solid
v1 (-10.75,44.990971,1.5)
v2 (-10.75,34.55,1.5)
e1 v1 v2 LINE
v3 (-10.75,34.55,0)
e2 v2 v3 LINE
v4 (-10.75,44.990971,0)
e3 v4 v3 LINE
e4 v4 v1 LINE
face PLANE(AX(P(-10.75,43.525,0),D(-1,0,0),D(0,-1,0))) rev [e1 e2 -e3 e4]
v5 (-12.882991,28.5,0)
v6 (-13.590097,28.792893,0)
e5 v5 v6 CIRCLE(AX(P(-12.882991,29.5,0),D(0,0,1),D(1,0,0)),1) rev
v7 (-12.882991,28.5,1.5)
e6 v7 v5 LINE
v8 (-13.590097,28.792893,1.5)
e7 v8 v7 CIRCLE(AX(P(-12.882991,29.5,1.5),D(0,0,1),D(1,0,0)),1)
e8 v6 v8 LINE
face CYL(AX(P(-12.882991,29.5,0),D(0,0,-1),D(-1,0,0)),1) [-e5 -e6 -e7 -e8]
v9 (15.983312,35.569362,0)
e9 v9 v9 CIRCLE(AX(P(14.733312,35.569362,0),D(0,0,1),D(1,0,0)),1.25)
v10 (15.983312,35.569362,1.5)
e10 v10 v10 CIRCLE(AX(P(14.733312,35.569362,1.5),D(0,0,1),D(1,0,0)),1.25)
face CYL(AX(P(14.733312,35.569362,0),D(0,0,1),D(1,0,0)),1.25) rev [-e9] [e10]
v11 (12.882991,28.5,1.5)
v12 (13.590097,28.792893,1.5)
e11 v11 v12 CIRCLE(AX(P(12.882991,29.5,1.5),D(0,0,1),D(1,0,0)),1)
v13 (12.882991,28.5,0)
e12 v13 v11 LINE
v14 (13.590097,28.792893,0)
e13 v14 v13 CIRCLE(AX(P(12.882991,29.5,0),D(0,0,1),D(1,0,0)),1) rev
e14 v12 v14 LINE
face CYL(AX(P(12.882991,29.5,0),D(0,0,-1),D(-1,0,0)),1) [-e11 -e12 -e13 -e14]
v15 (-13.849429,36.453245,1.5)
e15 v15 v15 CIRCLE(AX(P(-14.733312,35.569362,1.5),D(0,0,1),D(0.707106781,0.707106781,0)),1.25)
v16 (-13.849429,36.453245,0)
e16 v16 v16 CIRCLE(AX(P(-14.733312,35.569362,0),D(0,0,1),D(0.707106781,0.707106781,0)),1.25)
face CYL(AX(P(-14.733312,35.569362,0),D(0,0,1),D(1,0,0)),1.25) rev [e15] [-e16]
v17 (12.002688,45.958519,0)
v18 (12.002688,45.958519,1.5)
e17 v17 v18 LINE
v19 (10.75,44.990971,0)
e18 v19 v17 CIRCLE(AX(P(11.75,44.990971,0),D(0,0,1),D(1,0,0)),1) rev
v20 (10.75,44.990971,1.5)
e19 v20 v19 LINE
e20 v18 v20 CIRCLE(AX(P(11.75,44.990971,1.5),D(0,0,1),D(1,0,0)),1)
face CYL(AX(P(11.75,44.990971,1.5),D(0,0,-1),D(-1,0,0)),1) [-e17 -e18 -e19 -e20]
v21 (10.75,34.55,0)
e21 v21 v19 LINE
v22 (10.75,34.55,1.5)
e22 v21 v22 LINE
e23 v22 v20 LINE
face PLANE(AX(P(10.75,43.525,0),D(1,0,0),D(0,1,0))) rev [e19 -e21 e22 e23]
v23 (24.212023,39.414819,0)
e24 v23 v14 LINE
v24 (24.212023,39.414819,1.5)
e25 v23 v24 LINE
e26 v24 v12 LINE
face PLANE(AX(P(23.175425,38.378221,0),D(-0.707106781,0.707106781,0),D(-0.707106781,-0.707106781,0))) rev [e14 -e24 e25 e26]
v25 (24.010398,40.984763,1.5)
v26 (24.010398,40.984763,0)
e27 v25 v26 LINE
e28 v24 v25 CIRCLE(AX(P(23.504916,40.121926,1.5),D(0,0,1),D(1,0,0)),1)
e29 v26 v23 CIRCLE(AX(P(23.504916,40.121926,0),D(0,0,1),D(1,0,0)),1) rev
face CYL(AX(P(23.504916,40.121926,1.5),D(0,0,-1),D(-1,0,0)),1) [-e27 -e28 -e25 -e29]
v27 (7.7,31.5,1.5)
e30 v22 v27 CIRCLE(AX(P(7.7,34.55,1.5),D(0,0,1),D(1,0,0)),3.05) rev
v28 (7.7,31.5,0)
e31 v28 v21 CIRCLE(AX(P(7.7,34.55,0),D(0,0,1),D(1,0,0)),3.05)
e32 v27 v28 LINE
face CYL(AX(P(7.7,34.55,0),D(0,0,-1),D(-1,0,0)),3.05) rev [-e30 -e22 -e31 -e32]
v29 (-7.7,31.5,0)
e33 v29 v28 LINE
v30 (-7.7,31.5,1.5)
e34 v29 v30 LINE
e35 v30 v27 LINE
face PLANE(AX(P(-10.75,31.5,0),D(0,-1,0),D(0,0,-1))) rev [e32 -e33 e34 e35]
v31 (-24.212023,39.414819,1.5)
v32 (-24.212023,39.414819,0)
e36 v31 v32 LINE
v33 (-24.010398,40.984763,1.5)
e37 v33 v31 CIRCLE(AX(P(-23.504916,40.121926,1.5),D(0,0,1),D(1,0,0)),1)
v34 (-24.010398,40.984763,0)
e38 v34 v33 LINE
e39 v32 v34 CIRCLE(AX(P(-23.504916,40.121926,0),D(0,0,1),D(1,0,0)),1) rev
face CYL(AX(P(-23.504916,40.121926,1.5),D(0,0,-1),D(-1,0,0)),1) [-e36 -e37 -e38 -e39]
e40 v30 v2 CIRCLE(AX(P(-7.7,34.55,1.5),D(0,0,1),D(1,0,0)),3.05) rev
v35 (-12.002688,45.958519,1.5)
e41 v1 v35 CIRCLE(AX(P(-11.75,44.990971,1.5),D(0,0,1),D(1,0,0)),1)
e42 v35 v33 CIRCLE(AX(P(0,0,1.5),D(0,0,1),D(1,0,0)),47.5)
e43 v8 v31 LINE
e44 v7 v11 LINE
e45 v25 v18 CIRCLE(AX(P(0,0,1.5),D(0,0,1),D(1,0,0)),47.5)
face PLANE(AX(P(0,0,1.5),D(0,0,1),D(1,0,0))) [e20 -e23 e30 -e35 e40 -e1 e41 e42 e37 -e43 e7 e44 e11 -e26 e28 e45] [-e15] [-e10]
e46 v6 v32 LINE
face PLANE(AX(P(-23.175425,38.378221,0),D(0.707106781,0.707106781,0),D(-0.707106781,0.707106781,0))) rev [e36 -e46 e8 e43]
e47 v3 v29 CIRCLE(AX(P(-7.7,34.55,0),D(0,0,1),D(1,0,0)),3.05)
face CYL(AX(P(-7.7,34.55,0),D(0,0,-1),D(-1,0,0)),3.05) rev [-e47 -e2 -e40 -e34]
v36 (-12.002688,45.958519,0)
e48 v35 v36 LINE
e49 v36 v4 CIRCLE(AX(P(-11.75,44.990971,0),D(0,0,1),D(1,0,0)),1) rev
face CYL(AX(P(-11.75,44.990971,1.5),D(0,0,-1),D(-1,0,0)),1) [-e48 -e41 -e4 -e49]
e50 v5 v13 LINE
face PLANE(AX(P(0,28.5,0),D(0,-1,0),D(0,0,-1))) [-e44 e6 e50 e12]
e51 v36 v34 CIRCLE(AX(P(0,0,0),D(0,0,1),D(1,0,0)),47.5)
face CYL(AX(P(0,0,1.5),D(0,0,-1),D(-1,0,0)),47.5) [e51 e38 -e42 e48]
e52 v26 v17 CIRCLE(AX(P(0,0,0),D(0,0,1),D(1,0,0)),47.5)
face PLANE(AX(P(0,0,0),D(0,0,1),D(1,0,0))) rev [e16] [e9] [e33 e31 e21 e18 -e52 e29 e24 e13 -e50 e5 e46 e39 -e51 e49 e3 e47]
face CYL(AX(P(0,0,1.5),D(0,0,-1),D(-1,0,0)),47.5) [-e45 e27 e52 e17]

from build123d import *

# Parameters (mm, degrees)
SKETCH_1_R                       = 47.5
EXTRUDE_1_DEPTH                  = 1.5
CUT_EXTRUDE_1_DEPTH              = 68.191889392
CUT_EXTRUDE_2_DEPTH              = 68.191889392
CUT_EXTRUDE_2_DEPTH_BACK         = 68.191889392
SKETCH_3_R                       = 3.1
SKETCH_3_R_2                     = 1.6
SKETCH_4_R                       = 1.25
CUT_EXTRUDE_3_DEPTH              = 68.191889392
CUT_EXTRUDE_4_DEPTH              = 68.191889392
FILLET_1_R                       = 1
FILLET_2_R                       = 0.2
FILLET_3_R                       = 3.05
PATTERN_CIRCULAR_1_COUNT         = 8
FILLET_1_OF_PATTERN_CIRCULAR_1_R = 1
FILLET_2_OF_PATTERN_CIRCULAR_1_R = 0.2
FILLET_3_OF_PATTERN_CIRCULAR_1_R = 3.05
CUT_EXTRUDE_5_DEPTH              = 66.05834985
EXTRUDE_START                    = -1.5
EXTRUDE_2_DEPTH                  = 1.5
FILLET_4_R                       = 1


with BuildPart() as part:
    # ｽｹｯﾁ1 → ﾎﾞｽ - 押し出し1 (new body)
    with BuildSketch(Plane.XY):
        Circle(SKETCH_1_R)
    extrude(amount=EXTRUDE_1_DEPTH)

    # ｽｹｯﾁ2 → ｶｯﾄ - 押し出し1 (cut, through all)
    with BuildSketch(Plane.XY.offset(1.5)):
        Polygon((-10.75, 43.525), (-10.75, 52.5), (10.75, 52.5), (10.75, 43.525), (13, 43.525), (13, 40.475), (10.75, 40.475), (10.75, 31.5), (-10.75, 31.5), (-10.75, 40.475), (-13, 40.475), (-13, 43.525), align=None)
    cut_extrude_1 = extrude(amount=-CUT_EXTRUDE_1_DEPTH, mode=Mode.SUBTRACT)

    # ｽｹｯﾁ3 → ｶｯﾄ - 押し出し2 (cut, two sides: drawn at the far end of the back side and taken through both)
    with BuildSketch(Plane.XY.offset(1.5).offset(-CUT_EXTRUDE_2_DEPTH_BACK)):
        Circle(SKETCH_3_R)
        with Locations((0, 6.5)):
            Circle(SKETCH_3_R_2)
        with Locations((6.5, 0)):
            Circle(SKETCH_3_R_2)
        with Locations((0, -6.5)):
            Circle(SKETCH_3_R_2)
        with Locations((-6.5, 0)):
            Circle(SKETCH_3_R_2)
        with Locations((8.838834765, 8.838834765)):
            Circle(SKETCH_3_R_2)
        with Locations((8.838834765, -8.838834765)):
            Circle(SKETCH_3_R_2)
        with Locations((-8.838834765, -8.838834765)):
            Circle(SKETCH_3_R_2)
        with Locations((-8.838834765, 8.838834765)):
            Circle(SKETCH_3_R_2)
    extrude(amount=CUT_EXTRUDE_2_DEPTH + CUT_EXTRUDE_2_DEPTH_BACK, mode=Mode.SUBTRACT)

    # ｽｹｯﾁ4 → ｶｯﾄ - 押し出し3 (cut, through all)
    with BuildSketch(Plane.XY.offset(1.5)):
        with Locations((14.733312146, 35.569362002)):
            Circle(SKETCH_4_R)
        with Locations((8.610377228, 20.787289482)):
            Circle(SKETCH_4_R)
    cut_extrude_3 = extrude(amount=-CUT_EXTRUDE_3_DEPTH, mode=Mode.SUBTRACT)

    # ｽｹｯﾁ5 → ｶｯﾄ - 押し出し4 (cut, symmetric)
    with BuildSketch(Plane.XY.offset(1.5)):
        Polygon((-7.188286702, 26.5), (7.188286702, 26.5), (3.328075632, 17.180626082), (-3.328075632, 17.180626082), align=None)
    cut_extrude_4 = extrude(amount=CUT_EXTRUDE_4_DEPTH, both=True, mode=Mode.SUBTRACT)

    # ﾌｨﾚｯﾄ1
    fillet_1_edges = [part.edges().sort_by_distance(p)[0] for p in [
        (-3.328075632, 17.180626082, 0.75),
        (3.328075632, 17.180626082, 0.75),
        (7.188286702, 26.5, 0.75),
        (-7.188286702, 26.5, 0.75),
        (10.75, 46.267564232, 0.75),
        (-10.75, 46.267564232, 0.75),
    ]]
    fillet(fillet_1_edges, radius=FILLET_1_R)

    # ﾌｨﾚｯﾄ2
    fillet_2_edges = [part.edges().sort_by_distance(p)[0] for p in [
        (13, 43.525, 0.75),
        (13, 40.475, 0.75),
        (-13, 43.525, 0.75),
        (-13, 40.475, 0.75),
    ]]
    fillet(fillet_2_edges, radius=FILLET_2_R)

    # ﾌｨﾚｯﾄ3
    fillet_3_edges = [part.edges().sort_by_distance(p)[0] for p in [
        (10.75, 31.5, 0.75),
        (-10.75, 31.5, 0.75),
    ]]
    fillet(fillet_3_edges, radius=FILLET_3_R)

    # 円形ﾊﾟﾀｰﾝ1: ｶｯﾄ - 押し出し1, ｶｯﾄ - 押し出し3, ｶｯﾄ - 押し出し4 ×8 about axis
    pattern_circular_1_axis = Axis((0, 0, 0), (0, 0, 1))
    add([cut_extrude_1.rotate(pattern_circular_1_axis, i * 360 / PATTERN_CIRCULAR_1_COUNT) for i in range(1, PATTERN_CIRCULAR_1_COUNT)], mode=Mode.SUBTRACT)
    add([cut_extrude_3.rotate(pattern_circular_1_axis, i * 360 / PATTERN_CIRCULAR_1_COUNT) for i in range(1, PATTERN_CIRCULAR_1_COUNT)], mode=Mode.SUBTRACT)
    add([cut_extrude_4.rotate(pattern_circular_1_axis, i * 360 / PATTERN_CIRCULAR_1_COUNT) for i in range(1, PATTERN_CIRCULAR_1_COUNT)], mode=Mode.SUBTRACT)

    # ﾌｨﾚｯﾄ1 of 円形ﾊﾟﾀｰﾝ1
    fillet_1_of_pattern_circular_1_edges = [part.edges().sort_by_distance(p)[0] for p in [
        (-14.501842056, 9.79523236, 0.75),
        (-9.79523236, 14.501842056, 0.75),
        (-13.655443429, 23.821215973, 0.75),
        (-23.821215973, 13.655443429, 0.75),
        (-25.11471052, 40.317506315, 0.75),
        (-40.317506315, 25.11471052, 0.75),
        (-17.180626082, -3.328075632, 0.75),
        (-17.180626082, 3.328075632, 0.75),
        (-26.5, 7.188286702, 0.75),
        (-26.5, -7.188286702, 0.75),
        (-46.267564232, 10.75, 0.75),
        (-46.267564232, -10.75, 0.75),
        (-9.79523236, -14.501842056, 0.75),
        (-14.501842056, -9.79523236, 0.75),
        (-23.821215973, -13.655443429, 0.75),
        (-13.655443429, -23.821215973, 0.75),
        (-40.317506315, -25.11471052, 0.75),
        (-25.11471052, -40.317506315, 0.75),
        (3.328075632, -17.180626082, 0.75),
        (-3.328075632, -17.180626082, 0.75),
        (-7.188286702, -26.5, 0.75),
        (7.188286702, -26.5, 0.75),
        (-10.75, -46.267564232, 0.75),
        (10.75, -46.267564232, 0.75),
        (14.501842056, -9.79523236, 0.75),
        (9.79523236, -14.501842056, 0.75),
        (13.655443429, -23.821215973, 0.75),
        (23.821215973, -13.655443429, 0.75),
        (25.11471052, -40.317506315, 0.75),
        (40.317506315, -25.11471052, 0.75),
        (17.180626082, 3.328075632, 0.75),
        (17.180626082, -3.328075632, 0.75),
        (26.5, -7.188286702, 0.75),
        (26.5, 7.188286702, 0.75),
        (46.267564232, -10.75, 0.75),
        (46.267564232, 10.75, 0.75),
        (9.79523236, 14.501842056, 0.75),
        (14.501842056, 9.79523236, 0.75),
        (23.821215973, 13.655443429, 0.75),
        (13.655443429, 23.821215973, 0.75),
        (40.317506315, 25.11471052, 0.75),
        (25.11471052, 40.317506315, 0.75),
    ]]
    fillet(fillet_1_of_pattern_circular_1_edges, radius=FILLET_1_OF_PATTERN_CIRCULAR_1_R)

    # ﾌｨﾚｯﾄ2 of 円形ﾊﾟﾀｰﾝ1
    fillet_2_of_pattern_circular_1_edges = [part.edges().sort_by_distance(p)[0] for p in [
        (-21.584434496, 39.969210807, 0.75),
        (-19.427758813, 37.812535124, 0.75),
        (-39.969210807, 21.584434496, 0.75),
        (-37.812535124, 19.427758813, 0.75),
        (-43.525, 13, 0.75),
        (-40.475, 13, 0.75),
        (-43.525, -13, 0.75),
        (-40.475, -13, 0.75),
        (-39.969210807, -21.584434496, 0.75),
        (-37.812535124, -19.427758813, 0.75),
        (-21.584434496, -39.969210807, 0.75),
        (-19.427758813, -37.812535124, 0.75),
        (-13, -43.525, 0.75),
        (-13, -40.475, 0.75),
        (13, -43.525, 0.75),
        (13, -40.475, 0.75),
        (21.584434496, -39.969210807, 0.75),
        (19.427758813, -37.812535124, 0.75),
        (39.969210807, -21.584434496, 0.75),
        (37.812535124, -19.427758813, 0.75),
        (43.525, -13, 0.75),
        (40.475, -13, 0.75),
        (43.525, 13, 0.75),
        (40.475, 13, 0.75),
        (39.969210807, 21.584434496, 0.75),
        (37.812535124, 19.427758813, 0.75),
        (21.584434496, 39.969210807, 0.75),
        (19.427758813, 37.812535124, 0.75),
    ]]
    fillet(fillet_2_of_pattern_circular_1_edges, radius=FILLET_2_OF_PATTERN_CIRCULAR_1_R)

    # ﾌｨﾚｯﾄ3 of 円形ﾊﾟﾀｰﾝ1
    fillet_3_of_pattern_circular_1_edges = [part.edges().sort_by_distance(p)[0] for p in [
        (-14.67246571, 29.875261505, 0.75),
        (-29.875261505, 14.67246571, 0.75),
        (-31.5, 10.75, 0.75),
        (-31.5, -10.75, 0.75),
        (-29.875261505, -14.67246571, 0.75),
        (-14.67246571, -29.875261505, 0.75),
        (-10.75, -31.5, 0.75),
        (10.75, -31.5, 0.75),
        (14.67246571, -29.875261505, 0.75),
        (29.875261505, -14.67246571, 0.75),
        (31.5, -10.75, 0.75),
        (31.5, 10.75, 0.75),
        (29.875261505, 14.67246571, 0.75),
        (14.67246571, 29.875261505, 0.75),
    ]]
    fillet(fillet_3_of_pattern_circular_1_edges, radius=FILLET_3_OF_PATTERN_CIRCULAR_1_R)

    # ｽｹｯﾁ6 → ｶｯﾄ - 押し出し5 (cut, through all)
    with BuildSketch(Plane.XY.offset(1.5)):
        with BuildLine():
            Line((13.297204204, 28.5), (7.7, 28.5))
            Line((7.7, 28.5), (-7.7, 28.5))
            Line((-7.7, 28.5), (-13.297204204, 28.5))
            Line((-13.297204204, 28.5), (-16.829141392, 32.031937188))
            ThreePointArc((-16.829141392, 32.031937188), (-15.935817075, 29.875261505), (-16.829141392, 27.718585823))
            Line((-16.829141392, 27.718585823), (-27.718585823, 16.829141392))
            ThreePointArc((-27.718585823, 16.829141392), (-29.875261505, 15.935817075), (-32.031937188, 16.829141392))
            Line((-32.031937188, 16.829141392), (-36.221544866, 21.018749071))
            Line((-36.221544866, 21.018749071), (-37.671113768, 19.569180169))
            ThreePointArc((-37.671113768, 19.569180169), (-37.812535124, 19.510601526), (-37.95395648, 19.569180169))
            Line((-37.95395648, 19.569180169), (-39.82778945, 21.443013139))
            ThreePointArc((-39.82778945, 21.443013139), (-39.886368094, 21.584434496), (-39.82778945, 21.725855852))
            Line((-39.82778945, 21.725855852), (-38.378220549, 23.175424753))
            Line((-38.378220549, 23.175424753), (-39.414818808, 24.212023012))
            ThreePointArc((-39.414818808, 24.212023012), (-40.249307357, 24.496769993), (-40.984762698, 24.010398301))
            ThreePointArc((-40.984762698, 24.010398301), (-43.884277794, 18.177463037), (-45.958519087, 12.002688172))
            ThreePointArc((-45.958519087, 12.002688172), (-45.78239035, 11.138725991), (-44.990971316, 10.75))
            Line((-44.990971316, 10.75), (-43.525, 10.75))
            Line((-43.525, 10.75), (-43.525, 12.8))
            ThreePointArc((-43.525, 12.8), (-43.466421356, 12.941421356), (-43.325, 13))
            Line((-43.325, 13), (-40.675, 13))
            ThreePointArc((-40.675, 13), (-40.533578644, 12.941421356), (-40.475, 12.8))
            Line((-40.475, 12.8), (-40.475, 10.75))
            Line((-40.475, 10.75), (-34.55, 10.75))
            ThreePointArc((-34.55, 10.75), (-32.393324317, 9.856675683), (-31.5, 7.7))
            Line((-31.5, 7.7), (-31.5, -7.7))
            ThreePointArc((-31.5, -7.7), (-32.393324317, -9.856675683), (-34.55, -10.75))
            Line((-34.55, -10.75), (-40.475, -10.75))
            Line((-40.475, -10.75), (-40.475, -12.8))
            ThreePointArc((-40.475, -12.8), (-40.533578644, -12.941421356), (-40.675, -13))
            Line((-40.675, -13), (-43.325, -13))
            ThreePointArc((-43.325, -13), (-43.466421356, -12.941421356), (-43.525, -12.8))
            Line((-43.525, -12.8), (-43.525, -10.75))
            Line((-43.525, -10.75), (-44.990971316, -10.75))
            ThreePointArc((-44.990971316, -10.75), (-45.78239035, -11.138725991), (-45.958519087, -12.002688172))
            ThreePointArc((-45.958519087, -12.002688172), (-43.884277794, -18.177463037), (-40.984762698, -24.010398301))
            ThreePointArc((-40.984762698, -24.010398301), (-40.249307357, -24.496769993), (-39.414818808, -24.212023012))
            Line((-39.414818808, -24.212023012), (-38.378220549, -23.175424753))
            Line((-38.378220549, -23.175424753), (-39.82778945, -21.725855852))
            ThreePointArc((-39.82778945, -21.725855852), (-39.886368094, -21.584434496), (-39.82778945, -21.443013139))
            Line((-39.82778945, -21.443013139), (-37.95395648, -19.569180169))
            ThreePointArc((-37.95395648, -19.569180169), (-37.812535124, -19.510601526), (-37.671113768, -19.569180169))
            Line((-37.671113768, -19.569180169), (-36.221544866, -21.018749071))
            Line((-36.221544866, -21.018749071), (-32.031937188, -16.829141392))
            ThreePointArc((-32.031937188, -16.829141392), (-29.875261505, -15.935817075), (-27.718585823, -16.829141392))
            Line((-27.718585823, -16.829141392), (-16.829141392, -27.718585823))
            ThreePointArc((-16.829141392, -27.718585823), (-15.935817075, -29.875261505), (-16.829141392, -32.031937188))
            Line((-16.829141392, -32.031937188), (-21.018749071, -36.221544866))
            Line((-21.018749071, -36.221544866), (-19.569180169, -37.671113768))
            ThreePointArc((-19.569180169, -37.671113768), (-19.510601526, -37.812535124), (-19.569180169, -37.95395648))
            Line((-19.569180169, -37.95395648), (-21.443013139, -39.82778945))
            ThreePointArc((-21.443013139, -39.82778945), (-21.584434496, -39.886368094), (-21.725855852, -39.82778945))
            Line((-21.725855852, -39.82778945), (-23.175424753, -38.378220549))
            Line((-23.175424753, -38.378220549), (-24.212023012, -39.414818808))
            ThreePointArc((-24.212023012, -39.414818808), (-24.496769993, -40.249307357), (-24.010398301, -40.984762698))
            ThreePointArc((-24.010398301, -40.984762698), (-18.177463037, -43.884277794), (-12.002688172, -45.958519087))
            ThreePointArc((-12.002688172, -45.958519087), (-11.138725991, -45.78239035), (-10.75, -44.990971316))
            Line((-10.75, -44.990971316), (-10.75, -43.525))
            Line((-10.75, -43.525), (-12.8, -43.525))
            ThreePointArc((-12.8, -43.525), (-12.941421356, -43.466421356), (-13, -43.325))
            Line((-13, -43.325), (-13, -40.675))
            ThreePointArc((-13, -40.675), (-12.941421356, -40.533578644), (-12.8, -40.475))
            Line((-12.8, -40.475), (-10.75, -40.475))
            Line((-10.75, -40.475), (-10.75, -34.55))
            ThreePointArc((-10.75, -34.55), (-9.856675683, -32.393324317), (-7.7, -31.5))
            Line((-7.7, -31.5), (7.7, -31.5))
            ThreePointArc((7.7, -31.5), (9.856675683, -32.393324317), (10.75, -34.55))
            Line((10.75, -34.55), (10.75, -40.475))
            Line((10.75, -40.475), (12.8, -40.475))
            ThreePointArc((12.8, -40.475), (12.941421356, -40.533578644), (13, -40.675))
            Line((13, -40.675), (13, -43.325))
            ThreePointArc((13, -43.325), (12.941421356, -43.466421356), (12.8, -43.525))
            Line((12.8, -43.525), (10.75, -43.525))
            Line((10.75, -43.525), (10.75, -44.990971316))
            ThreePointArc((10.75, -44.990971316), (11.138725991, -45.78239035), (12.002688172, -45.958519087))
            ThreePointArc((12.002688172, -45.958519087), (18.177463037, -43.884277794), (24.010398301, -40.984762698))
            ThreePointArc((24.010398301, -40.984762698), (24.496769993, -40.249307357), (24.212023012, -39.414818808))
            Line((24.212023012, -39.414818808), (23.175424753, -38.378220549))
            Line((23.175424753, -38.378220549), (21.725855852, -39.82778945))
            ThreePointArc((21.725855852, -39.82778945), (21.584434496, -39.886368094), (21.443013139, -39.82778945))
            Line((21.443013139, -39.82778945), (19.569180169, -37.95395648))
            ThreePointArc((19.569180169, -37.95395648), (19.510601526, -37.812535124), (19.569180169, -37.671113768))
            Line((19.569180169, -37.671113768), (21.018749071, -36.221544866))
            Line((21.018749071, -36.221544866), (16.829141392, -32.031937188))
            ThreePointArc((16.829141392, -32.031937188), (15.935817075, -29.875261505), (16.829141392, -27.718585823))
            Line((16.829141392, -27.718585823), (27.718585823, -16.829141392))
            ThreePointArc((27.718585823, -16.829141392), (29.875261505, -15.935817075), (32.031937188, -16.829141392))
            Line((32.031937188, -16.829141392), (36.221544866, -21.018749071))
            Line((36.221544866, -21.018749071), (37.671113768, -19.569180169))
            ThreePointArc((37.671113768, -19.569180169), (37.812535124, -19.510601526), (37.95395648, -19.569180169))
            Line((37.95395648, -19.569180169), (39.82778945, -21.443013139))
            ThreePointArc((39.82778945, -21.443013139), (39.886368094, -21.584434496), (39.82778945, -21.725855852))
            Line((39.82778945, -21.725855852), (38.378220549, -23.175424753))
            Line((38.378220549, -23.175424753), (39.414818808, -24.212023012))
            ThreePointArc((39.414818808, -24.212023012), (40.249307357, -24.496769993), (40.984762698, -24.010398301))
            ThreePointArc((40.984762698, -24.010398301), (43.884277794, -18.177463037), (45.958519087, -12.002688172))
            ThreePointArc((45.958519087, -12.002688172), (45.78239035, -11.138725991), (44.990971316, -10.75))
            Line((44.990971316, -10.75), (43.525, -10.75))
            Line((43.525, -10.75), (43.525, -12.8))
            ThreePointArc((43.525, -12.8), (43.466421356, -12.941421356), (43.325, -13))
            Line((43.325, -13), (40.675, -13))
            ThreePointArc((40.675, -13), (40.533578644, -12.941421356), (40.475, -12.8))
            Line((40.475, -12.8), (40.475, -10.75))
            Line((40.475, -10.75), (34.55, -10.75))
            ThreePointArc((34.55, -10.75), (32.393324317, -9.856675683), (31.5, -7.7))
            Line((31.5, -7.7), (31.5, 7.7))
            ThreePointArc((31.5, 7.7), (32.393324317, 9.856675683), (34.55, 10.75))
            Line((34.55, 10.75), (40.475, 10.75))
            Line((40.475, 10.75), (40.475, 12.8))
            ThreePointArc((40.475, 12.8), (40.533578644, 12.941421356), (40.675, 13))
            Line((40.675, 13), (43.325, 13))
            ThreePointArc((43.325, 13), (43.466421356, 12.941421356), (43.525, 12.8))
            Line((43.525, 12.8), (43.525, 10.75))
            Line((43.525, 10.75), (44.990971316, 10.75))
            ThreePointArc((44.990971316, 10.75), (45.78239035, 11.138725991), (45.958519087, 12.002688172))
            ThreePointArc((45.958519087, 12.002688172), (43.884277794, 18.177463037), (40.984762698, 24.010398301))
            ThreePointArc((40.984762698, 24.010398301), (40.249307357, 24.496769993), (39.414818808, 24.212023012))
            Line((39.414818808, 24.212023012), (38.378220549, 23.175424753))
            Line((38.378220549, 23.175424753), (39.82778945, 21.725855852))
            ThreePointArc((39.82778945, 21.725855852), (39.886368094, 21.584434496), (39.82778945, 21.443013139))
            Line((39.82778945, 21.443013139), (37.95395648, 19.569180169))
            ThreePointArc((37.95395648, 19.569180169), (37.812535124, 19.510601526), (37.671113768, 19.569180169))
            Line((37.671113768, 19.569180169), (36.221544866, 21.018749071))
            Line((36.221544866, 21.018749071), (32.031937188, 16.829141392))
            ThreePointArc((32.031937188, 16.829141392), (29.875261505, 15.935817075), (27.718585823, 16.829141392))
            Line((27.718585823, 16.829141392), (16.829141392, 27.718585823))
            ThreePointArc((16.829141392, 27.718585823), (15.935817075, 29.875261505), (16.829141392, 32.031937188))
            Line((16.829141392, 32.031937188), (13.297204204, 28.5))
        make_face()
    extrude(amount=-CUT_EXTRUDE_5_DEPTH, mode=Mode.SUBTRACT)

    # ｽｹｯﾁ7 → ﾎﾞｽ - 押し出し2 (add)
    with BuildSketch(Plane.XY.offset(1.5).offset(EXTRUDE_START)):
        with BuildLine():
            Line((-10.75, 40.475), (-10.75, 43.525))
            Line((-10.75, 43.525), (-12.8, 43.525))
            ThreePointArc((-12.8, 43.525), (-12.941421356, 43.466421356), (-13, 43.325))
            Line((-13, 43.325), (-13, 40.675))
            ThreePointArc((-13, 40.675), (-12.941421356, 40.533578644), (-12.8, 40.475))
            Line((-12.8, 40.475), (-10.75, 40.475))
        make_face()
        with BuildLine():
            Line((-21.725855852, 39.82778945), (-23.175424753, 38.378220549))
            Line((-23.175424753, 38.378220549), (-21.018749071, 36.221544866))
            Line((-21.018749071, 36.221544866), (-19.569180169, 37.671113768))
            ThreePointArc((-19.569180169, 37.671113768), (-19.510601526, 37.812535124), (-19.569180169, 37.95395648))
            Line((-19.569180169, 37.95395648), (-21.443013139, 39.82778945))
            ThreePointArc((-21.443013139, 39.82778945), (-21.584434496, 39.886368094), (-21.725855852, 39.82778945))
        make_face()
        with BuildLine():
            Line((10.75, 43.525), (10.75, 40.475))
            Line((10.75, 40.475), (12.8, 40.475))
            ThreePointArc((12.8, 40.475), (12.941421356, 40.533578644), (13, 40.675))
            Line((13, 40.675), (13, 43.325))
            ThreePointArc((13, 43.325), (12.941421356, 43.466421356), (12.8, 43.525))
            Line((12.8, 43.525), (10.75, 43.525))
        make_face()
        with BuildLine():
            Line((19.569180169, 37.671113768), (21.018749071, 36.221544866))
            Line((21.018749071, 36.221544866), (23.175424753, 38.378220549))
            Line((23.175424753, 38.378220549), (21.725855852, 39.82778945))
            ThreePointArc((21.725855852, 39.82778945), (21.584434496, 39.886368094), (21.443013139, 39.82778945))
            Line((21.443013139, 39.82778945), (19.569180169, 37.95395648))
            ThreePointArc((19.569180169, 37.95395648), (19.510601526, 37.812535124), (19.569180169, 37.671113768))
        make_face()
    extrude(amount=EXTRUDE_2_DEPTH)

    # ﾌｨﾚｯﾄ4
    fillet_4_edges = [part.edges().sort_by_distance(p)[0] for p in [
        (13.297204204, 28.5, 0.75),
        (-13.297204204, 28.5, 0.75),
    ]]
    fillet(fillet_4_edges, radius=FILLET_4_R)


solid = part.part
